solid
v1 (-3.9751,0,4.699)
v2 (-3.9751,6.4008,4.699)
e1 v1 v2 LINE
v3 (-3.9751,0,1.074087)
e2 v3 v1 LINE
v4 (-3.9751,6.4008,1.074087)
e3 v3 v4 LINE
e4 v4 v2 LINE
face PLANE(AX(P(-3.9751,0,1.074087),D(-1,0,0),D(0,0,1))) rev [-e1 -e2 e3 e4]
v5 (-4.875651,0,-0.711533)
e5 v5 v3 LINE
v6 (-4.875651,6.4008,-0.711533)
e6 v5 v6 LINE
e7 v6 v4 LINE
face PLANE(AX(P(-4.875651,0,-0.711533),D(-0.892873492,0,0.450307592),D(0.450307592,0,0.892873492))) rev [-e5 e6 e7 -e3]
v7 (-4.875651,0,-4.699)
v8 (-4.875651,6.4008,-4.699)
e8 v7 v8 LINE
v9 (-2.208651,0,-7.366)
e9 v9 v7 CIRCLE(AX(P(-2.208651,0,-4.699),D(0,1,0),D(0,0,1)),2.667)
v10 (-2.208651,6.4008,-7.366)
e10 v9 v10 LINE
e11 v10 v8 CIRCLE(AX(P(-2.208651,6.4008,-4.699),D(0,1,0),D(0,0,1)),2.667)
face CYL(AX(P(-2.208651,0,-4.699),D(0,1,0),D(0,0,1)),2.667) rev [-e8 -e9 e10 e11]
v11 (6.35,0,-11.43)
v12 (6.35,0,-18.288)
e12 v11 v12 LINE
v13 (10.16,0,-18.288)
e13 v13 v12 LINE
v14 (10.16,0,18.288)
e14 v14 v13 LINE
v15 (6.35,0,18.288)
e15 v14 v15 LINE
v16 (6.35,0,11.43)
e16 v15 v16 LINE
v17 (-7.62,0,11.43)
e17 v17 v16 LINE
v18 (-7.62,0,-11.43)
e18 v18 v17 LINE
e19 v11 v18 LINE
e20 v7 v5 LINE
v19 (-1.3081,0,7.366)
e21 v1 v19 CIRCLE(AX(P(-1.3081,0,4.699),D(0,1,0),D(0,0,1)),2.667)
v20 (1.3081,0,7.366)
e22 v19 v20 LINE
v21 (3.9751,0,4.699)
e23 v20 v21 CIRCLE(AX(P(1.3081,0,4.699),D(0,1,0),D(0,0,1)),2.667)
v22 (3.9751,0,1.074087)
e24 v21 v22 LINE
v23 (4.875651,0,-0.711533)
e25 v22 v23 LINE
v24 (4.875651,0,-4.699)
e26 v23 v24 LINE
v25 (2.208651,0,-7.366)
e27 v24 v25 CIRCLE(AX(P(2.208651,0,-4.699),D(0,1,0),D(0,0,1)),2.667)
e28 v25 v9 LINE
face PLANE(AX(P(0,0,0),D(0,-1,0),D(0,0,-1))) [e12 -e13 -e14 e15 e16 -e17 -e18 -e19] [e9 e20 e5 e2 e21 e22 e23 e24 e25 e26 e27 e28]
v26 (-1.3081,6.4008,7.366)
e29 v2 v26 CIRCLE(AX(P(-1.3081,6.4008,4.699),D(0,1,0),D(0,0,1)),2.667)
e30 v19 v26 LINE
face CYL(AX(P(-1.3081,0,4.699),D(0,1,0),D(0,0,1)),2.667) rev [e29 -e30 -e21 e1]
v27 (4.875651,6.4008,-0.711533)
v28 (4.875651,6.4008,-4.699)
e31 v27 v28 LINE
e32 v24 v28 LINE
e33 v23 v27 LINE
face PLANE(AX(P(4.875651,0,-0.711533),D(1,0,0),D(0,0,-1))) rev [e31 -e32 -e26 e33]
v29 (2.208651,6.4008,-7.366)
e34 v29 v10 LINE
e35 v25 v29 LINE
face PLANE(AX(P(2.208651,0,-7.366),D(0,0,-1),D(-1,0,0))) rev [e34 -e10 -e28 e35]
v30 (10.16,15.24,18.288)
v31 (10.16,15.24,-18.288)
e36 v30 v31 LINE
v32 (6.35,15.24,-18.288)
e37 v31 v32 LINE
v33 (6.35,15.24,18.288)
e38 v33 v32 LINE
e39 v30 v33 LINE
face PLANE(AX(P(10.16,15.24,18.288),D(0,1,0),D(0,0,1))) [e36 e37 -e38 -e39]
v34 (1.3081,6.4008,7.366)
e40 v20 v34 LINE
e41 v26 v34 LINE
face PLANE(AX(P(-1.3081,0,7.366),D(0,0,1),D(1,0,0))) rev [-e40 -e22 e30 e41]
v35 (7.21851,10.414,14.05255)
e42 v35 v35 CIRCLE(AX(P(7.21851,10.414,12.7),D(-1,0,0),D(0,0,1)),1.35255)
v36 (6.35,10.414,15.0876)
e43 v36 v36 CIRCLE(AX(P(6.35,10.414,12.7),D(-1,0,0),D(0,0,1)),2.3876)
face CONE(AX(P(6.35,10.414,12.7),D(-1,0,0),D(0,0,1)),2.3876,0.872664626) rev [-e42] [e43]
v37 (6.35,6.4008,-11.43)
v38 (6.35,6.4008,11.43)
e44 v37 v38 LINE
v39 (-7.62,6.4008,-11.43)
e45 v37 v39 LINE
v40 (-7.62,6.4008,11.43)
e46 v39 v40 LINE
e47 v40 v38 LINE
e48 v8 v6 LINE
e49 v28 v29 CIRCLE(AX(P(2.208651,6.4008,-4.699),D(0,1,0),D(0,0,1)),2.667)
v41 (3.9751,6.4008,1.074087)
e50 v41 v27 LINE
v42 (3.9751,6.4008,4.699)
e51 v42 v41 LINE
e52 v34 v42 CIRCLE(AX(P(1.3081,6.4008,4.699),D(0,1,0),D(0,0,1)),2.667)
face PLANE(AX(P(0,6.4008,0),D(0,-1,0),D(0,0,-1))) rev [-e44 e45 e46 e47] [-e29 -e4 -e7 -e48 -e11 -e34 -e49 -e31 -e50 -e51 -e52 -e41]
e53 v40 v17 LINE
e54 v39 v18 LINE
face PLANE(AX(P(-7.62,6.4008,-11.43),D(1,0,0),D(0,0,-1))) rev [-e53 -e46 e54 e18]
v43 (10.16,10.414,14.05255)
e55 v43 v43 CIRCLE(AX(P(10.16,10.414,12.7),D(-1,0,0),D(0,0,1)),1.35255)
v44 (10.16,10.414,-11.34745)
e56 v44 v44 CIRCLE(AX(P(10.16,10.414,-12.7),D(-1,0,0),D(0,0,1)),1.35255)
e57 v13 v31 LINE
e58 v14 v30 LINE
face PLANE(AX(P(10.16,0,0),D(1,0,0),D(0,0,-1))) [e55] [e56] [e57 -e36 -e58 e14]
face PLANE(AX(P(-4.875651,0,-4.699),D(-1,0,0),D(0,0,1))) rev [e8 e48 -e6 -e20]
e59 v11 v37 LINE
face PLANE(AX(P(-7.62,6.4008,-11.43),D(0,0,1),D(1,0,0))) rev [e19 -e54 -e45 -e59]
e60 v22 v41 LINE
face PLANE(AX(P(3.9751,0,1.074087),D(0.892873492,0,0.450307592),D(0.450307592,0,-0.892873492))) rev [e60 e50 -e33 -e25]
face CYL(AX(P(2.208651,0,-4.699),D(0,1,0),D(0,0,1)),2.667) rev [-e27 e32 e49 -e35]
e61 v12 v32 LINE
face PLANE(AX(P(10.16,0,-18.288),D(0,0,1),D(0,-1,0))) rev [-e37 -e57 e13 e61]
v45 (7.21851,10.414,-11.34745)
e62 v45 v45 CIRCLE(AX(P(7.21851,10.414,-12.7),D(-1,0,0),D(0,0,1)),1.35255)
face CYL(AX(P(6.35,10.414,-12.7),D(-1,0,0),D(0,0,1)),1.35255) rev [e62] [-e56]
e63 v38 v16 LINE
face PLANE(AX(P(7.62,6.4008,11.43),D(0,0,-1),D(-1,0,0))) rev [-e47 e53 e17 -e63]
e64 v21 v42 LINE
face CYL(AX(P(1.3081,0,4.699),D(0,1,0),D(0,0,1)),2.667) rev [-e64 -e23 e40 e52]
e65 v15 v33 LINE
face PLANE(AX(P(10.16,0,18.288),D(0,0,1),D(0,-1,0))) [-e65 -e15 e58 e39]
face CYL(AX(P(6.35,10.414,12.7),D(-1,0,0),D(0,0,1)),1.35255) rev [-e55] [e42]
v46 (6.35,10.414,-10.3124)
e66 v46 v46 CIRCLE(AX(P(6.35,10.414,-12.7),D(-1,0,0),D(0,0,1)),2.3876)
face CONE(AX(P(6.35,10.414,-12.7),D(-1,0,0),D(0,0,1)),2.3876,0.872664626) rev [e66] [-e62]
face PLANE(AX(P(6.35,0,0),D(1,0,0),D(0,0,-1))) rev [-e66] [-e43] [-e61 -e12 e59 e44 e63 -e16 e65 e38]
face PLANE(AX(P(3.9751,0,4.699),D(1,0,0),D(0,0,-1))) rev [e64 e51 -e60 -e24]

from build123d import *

# Parameters (mm, degrees)
SKETCH1_W                       = 15.24
SKETCH1_H                       = 22.86
BOSS_EXTRUDE2_DEPTH             = 6.4008
CUT_EXTRUDE4_DEPTH              = 1
CUT_EXTRUDE4_DEPTH_BACK         = 7.4008
SKETCH7_W                       = 36.576
SKETCH7_H                       = 15.24
BOSS_EXTRUDE3_DEPTH             = 3.81
F_6_32_TAPPED_HOLE1_D           = 2.7051
F_6_32_TAPPED_HOLE1_CSINK_D     = 4.7752
F_6_32_TAPPED_HOLE1_CSINK_ANGLE = 100


with BuildPart() as part:
    # Sketch1 → Boss-Extrude2 (new body)
    with BuildSketch(Plane(origin=(0, 0, 0), x_dir=(1, 0, 0), z_dir=(0, 1, 0))):
        Rectangle(SKETCH1_W, SKETCH1_H)
        with BuildLine():
            Line((2.208651403, 6.604), (-2.208651403, 6.604))
            ThreePointArc((-2.208651403, 6.604), (-3.555689822, 6.046038418), (-4.113651403, 4.699))
            Line((-4.113651403, 4.699), (-4.113651403, 0.89281026))
            Line((-4.113651403, 0.89281026), (-3.2131, -0.89281026))
            Line((-3.2131, -0.89281026), (-3.2131, -4.699))
            ThreePointArc((-3.2131, -4.699), (-2.655138418, -6.046038418), (-1.3081, -6.604))
            Line((-1.3081, -6.604), (0, -6.604))
            Line((0, -6.604), (1.3081, -6.604))
            ThreePointArc((1.3081, -6.604), (2.655138418, -6.046038418), (3.2131, -4.699))
            Line((3.2131, -4.699), (3.2131, -0.89281026))
            Line((3.2131, -0.89281026), (4.113651403, 0.89281026))
            Line((4.113651403, 0.89281026), (4.113651403, 4.699))
            ThreePointArc((4.113651403, 4.699), (3.555689822, 6.046038418), (2.208651403, 6.604))
        make_face(mode=Mode.SUBTRACT)
    extrude(amount=BOSS_EXTRUDE2_DEPTH)

    # Sketch6 → Cut-Extrude4 (cut, two sides)
    with BuildSketch(Plane(origin=(0, 6.4008, 0), x_dir=(1, 0, 0), z_dir=(0, 1, 0))) as cut_extrude4_sk:
        with BuildLine():
            Line((-3.9751, -1.074087237), (-3.9751, -4.699))
            ThreePointArc((-3.9751, -4.699), (-3.193953785, -6.584853785), (-1.3081, -7.366))
            Line((-1.3081, -7.366), (1.3081, -7.366))
            ThreePointArc((1.3081, -7.366), (3.193953785, -6.584853785), (3.9751, -4.699))
            Line((3.9751, -4.699), (3.9751, -1.074087237))
            Line((3.9751, -1.074087237), (4.875651403, 0.711533282))
            Line((4.875651403, 0.711533282), (4.875651403, 4.699))
            ThreePointArc((4.875651403, 4.699), (4.094505189, 6.584853785), (2.208651403, 7.366))
            Line((2.208651403, 7.366), (-2.208651403, 7.366))
            ThreePointArc((-2.208651403, 7.366), (-4.094505189, 6.584853785), (-4.875651403, 4.699))
            Line((-4.875651403, 4.699), (-4.875651403, 0.711533282))
            Line((-4.875651403, 0.711533282), (-3.9751, -1.074087237))
        make_face()
    extrude(amount=CUT_EXTRUDE4_DEPTH, mode=Mode.SUBTRACT)
    extrude(cut_extrude4_sk.sketch, amount=-CUT_EXTRUDE4_DEPTH_BACK, mode=Mode.SUBTRACT)

    # Sketch7 → Boss-Extrude3 (add)
    with BuildSketch(Plane(origin=(6.35, 0, 0), x_dir=(0, 0, -1), z_dir=(1, 0, 0))):
        with Locations((0, 7.62)):
            Rectangle(SKETCH7_W, SKETCH7_H)
    extrude(amount=BOSS_EXTRUDE3_DEPTH)

    # #6-32 Tapped Hole1 (through all)
    with Locations(Plane.ZY.offset(-6.35)):
        with Locations((12.7, 10.414), (-12.7, 10.414)):
            CounterSinkHole(F_6_32_TAPPED_HOLE1_D / 2, F_6_32_TAPPED_HOLE1_CSINK_D / 2, counter_sink_angle=F_6_32_TAPPED_HOLE1_CSINK_ANGLE)


solid = part.part
